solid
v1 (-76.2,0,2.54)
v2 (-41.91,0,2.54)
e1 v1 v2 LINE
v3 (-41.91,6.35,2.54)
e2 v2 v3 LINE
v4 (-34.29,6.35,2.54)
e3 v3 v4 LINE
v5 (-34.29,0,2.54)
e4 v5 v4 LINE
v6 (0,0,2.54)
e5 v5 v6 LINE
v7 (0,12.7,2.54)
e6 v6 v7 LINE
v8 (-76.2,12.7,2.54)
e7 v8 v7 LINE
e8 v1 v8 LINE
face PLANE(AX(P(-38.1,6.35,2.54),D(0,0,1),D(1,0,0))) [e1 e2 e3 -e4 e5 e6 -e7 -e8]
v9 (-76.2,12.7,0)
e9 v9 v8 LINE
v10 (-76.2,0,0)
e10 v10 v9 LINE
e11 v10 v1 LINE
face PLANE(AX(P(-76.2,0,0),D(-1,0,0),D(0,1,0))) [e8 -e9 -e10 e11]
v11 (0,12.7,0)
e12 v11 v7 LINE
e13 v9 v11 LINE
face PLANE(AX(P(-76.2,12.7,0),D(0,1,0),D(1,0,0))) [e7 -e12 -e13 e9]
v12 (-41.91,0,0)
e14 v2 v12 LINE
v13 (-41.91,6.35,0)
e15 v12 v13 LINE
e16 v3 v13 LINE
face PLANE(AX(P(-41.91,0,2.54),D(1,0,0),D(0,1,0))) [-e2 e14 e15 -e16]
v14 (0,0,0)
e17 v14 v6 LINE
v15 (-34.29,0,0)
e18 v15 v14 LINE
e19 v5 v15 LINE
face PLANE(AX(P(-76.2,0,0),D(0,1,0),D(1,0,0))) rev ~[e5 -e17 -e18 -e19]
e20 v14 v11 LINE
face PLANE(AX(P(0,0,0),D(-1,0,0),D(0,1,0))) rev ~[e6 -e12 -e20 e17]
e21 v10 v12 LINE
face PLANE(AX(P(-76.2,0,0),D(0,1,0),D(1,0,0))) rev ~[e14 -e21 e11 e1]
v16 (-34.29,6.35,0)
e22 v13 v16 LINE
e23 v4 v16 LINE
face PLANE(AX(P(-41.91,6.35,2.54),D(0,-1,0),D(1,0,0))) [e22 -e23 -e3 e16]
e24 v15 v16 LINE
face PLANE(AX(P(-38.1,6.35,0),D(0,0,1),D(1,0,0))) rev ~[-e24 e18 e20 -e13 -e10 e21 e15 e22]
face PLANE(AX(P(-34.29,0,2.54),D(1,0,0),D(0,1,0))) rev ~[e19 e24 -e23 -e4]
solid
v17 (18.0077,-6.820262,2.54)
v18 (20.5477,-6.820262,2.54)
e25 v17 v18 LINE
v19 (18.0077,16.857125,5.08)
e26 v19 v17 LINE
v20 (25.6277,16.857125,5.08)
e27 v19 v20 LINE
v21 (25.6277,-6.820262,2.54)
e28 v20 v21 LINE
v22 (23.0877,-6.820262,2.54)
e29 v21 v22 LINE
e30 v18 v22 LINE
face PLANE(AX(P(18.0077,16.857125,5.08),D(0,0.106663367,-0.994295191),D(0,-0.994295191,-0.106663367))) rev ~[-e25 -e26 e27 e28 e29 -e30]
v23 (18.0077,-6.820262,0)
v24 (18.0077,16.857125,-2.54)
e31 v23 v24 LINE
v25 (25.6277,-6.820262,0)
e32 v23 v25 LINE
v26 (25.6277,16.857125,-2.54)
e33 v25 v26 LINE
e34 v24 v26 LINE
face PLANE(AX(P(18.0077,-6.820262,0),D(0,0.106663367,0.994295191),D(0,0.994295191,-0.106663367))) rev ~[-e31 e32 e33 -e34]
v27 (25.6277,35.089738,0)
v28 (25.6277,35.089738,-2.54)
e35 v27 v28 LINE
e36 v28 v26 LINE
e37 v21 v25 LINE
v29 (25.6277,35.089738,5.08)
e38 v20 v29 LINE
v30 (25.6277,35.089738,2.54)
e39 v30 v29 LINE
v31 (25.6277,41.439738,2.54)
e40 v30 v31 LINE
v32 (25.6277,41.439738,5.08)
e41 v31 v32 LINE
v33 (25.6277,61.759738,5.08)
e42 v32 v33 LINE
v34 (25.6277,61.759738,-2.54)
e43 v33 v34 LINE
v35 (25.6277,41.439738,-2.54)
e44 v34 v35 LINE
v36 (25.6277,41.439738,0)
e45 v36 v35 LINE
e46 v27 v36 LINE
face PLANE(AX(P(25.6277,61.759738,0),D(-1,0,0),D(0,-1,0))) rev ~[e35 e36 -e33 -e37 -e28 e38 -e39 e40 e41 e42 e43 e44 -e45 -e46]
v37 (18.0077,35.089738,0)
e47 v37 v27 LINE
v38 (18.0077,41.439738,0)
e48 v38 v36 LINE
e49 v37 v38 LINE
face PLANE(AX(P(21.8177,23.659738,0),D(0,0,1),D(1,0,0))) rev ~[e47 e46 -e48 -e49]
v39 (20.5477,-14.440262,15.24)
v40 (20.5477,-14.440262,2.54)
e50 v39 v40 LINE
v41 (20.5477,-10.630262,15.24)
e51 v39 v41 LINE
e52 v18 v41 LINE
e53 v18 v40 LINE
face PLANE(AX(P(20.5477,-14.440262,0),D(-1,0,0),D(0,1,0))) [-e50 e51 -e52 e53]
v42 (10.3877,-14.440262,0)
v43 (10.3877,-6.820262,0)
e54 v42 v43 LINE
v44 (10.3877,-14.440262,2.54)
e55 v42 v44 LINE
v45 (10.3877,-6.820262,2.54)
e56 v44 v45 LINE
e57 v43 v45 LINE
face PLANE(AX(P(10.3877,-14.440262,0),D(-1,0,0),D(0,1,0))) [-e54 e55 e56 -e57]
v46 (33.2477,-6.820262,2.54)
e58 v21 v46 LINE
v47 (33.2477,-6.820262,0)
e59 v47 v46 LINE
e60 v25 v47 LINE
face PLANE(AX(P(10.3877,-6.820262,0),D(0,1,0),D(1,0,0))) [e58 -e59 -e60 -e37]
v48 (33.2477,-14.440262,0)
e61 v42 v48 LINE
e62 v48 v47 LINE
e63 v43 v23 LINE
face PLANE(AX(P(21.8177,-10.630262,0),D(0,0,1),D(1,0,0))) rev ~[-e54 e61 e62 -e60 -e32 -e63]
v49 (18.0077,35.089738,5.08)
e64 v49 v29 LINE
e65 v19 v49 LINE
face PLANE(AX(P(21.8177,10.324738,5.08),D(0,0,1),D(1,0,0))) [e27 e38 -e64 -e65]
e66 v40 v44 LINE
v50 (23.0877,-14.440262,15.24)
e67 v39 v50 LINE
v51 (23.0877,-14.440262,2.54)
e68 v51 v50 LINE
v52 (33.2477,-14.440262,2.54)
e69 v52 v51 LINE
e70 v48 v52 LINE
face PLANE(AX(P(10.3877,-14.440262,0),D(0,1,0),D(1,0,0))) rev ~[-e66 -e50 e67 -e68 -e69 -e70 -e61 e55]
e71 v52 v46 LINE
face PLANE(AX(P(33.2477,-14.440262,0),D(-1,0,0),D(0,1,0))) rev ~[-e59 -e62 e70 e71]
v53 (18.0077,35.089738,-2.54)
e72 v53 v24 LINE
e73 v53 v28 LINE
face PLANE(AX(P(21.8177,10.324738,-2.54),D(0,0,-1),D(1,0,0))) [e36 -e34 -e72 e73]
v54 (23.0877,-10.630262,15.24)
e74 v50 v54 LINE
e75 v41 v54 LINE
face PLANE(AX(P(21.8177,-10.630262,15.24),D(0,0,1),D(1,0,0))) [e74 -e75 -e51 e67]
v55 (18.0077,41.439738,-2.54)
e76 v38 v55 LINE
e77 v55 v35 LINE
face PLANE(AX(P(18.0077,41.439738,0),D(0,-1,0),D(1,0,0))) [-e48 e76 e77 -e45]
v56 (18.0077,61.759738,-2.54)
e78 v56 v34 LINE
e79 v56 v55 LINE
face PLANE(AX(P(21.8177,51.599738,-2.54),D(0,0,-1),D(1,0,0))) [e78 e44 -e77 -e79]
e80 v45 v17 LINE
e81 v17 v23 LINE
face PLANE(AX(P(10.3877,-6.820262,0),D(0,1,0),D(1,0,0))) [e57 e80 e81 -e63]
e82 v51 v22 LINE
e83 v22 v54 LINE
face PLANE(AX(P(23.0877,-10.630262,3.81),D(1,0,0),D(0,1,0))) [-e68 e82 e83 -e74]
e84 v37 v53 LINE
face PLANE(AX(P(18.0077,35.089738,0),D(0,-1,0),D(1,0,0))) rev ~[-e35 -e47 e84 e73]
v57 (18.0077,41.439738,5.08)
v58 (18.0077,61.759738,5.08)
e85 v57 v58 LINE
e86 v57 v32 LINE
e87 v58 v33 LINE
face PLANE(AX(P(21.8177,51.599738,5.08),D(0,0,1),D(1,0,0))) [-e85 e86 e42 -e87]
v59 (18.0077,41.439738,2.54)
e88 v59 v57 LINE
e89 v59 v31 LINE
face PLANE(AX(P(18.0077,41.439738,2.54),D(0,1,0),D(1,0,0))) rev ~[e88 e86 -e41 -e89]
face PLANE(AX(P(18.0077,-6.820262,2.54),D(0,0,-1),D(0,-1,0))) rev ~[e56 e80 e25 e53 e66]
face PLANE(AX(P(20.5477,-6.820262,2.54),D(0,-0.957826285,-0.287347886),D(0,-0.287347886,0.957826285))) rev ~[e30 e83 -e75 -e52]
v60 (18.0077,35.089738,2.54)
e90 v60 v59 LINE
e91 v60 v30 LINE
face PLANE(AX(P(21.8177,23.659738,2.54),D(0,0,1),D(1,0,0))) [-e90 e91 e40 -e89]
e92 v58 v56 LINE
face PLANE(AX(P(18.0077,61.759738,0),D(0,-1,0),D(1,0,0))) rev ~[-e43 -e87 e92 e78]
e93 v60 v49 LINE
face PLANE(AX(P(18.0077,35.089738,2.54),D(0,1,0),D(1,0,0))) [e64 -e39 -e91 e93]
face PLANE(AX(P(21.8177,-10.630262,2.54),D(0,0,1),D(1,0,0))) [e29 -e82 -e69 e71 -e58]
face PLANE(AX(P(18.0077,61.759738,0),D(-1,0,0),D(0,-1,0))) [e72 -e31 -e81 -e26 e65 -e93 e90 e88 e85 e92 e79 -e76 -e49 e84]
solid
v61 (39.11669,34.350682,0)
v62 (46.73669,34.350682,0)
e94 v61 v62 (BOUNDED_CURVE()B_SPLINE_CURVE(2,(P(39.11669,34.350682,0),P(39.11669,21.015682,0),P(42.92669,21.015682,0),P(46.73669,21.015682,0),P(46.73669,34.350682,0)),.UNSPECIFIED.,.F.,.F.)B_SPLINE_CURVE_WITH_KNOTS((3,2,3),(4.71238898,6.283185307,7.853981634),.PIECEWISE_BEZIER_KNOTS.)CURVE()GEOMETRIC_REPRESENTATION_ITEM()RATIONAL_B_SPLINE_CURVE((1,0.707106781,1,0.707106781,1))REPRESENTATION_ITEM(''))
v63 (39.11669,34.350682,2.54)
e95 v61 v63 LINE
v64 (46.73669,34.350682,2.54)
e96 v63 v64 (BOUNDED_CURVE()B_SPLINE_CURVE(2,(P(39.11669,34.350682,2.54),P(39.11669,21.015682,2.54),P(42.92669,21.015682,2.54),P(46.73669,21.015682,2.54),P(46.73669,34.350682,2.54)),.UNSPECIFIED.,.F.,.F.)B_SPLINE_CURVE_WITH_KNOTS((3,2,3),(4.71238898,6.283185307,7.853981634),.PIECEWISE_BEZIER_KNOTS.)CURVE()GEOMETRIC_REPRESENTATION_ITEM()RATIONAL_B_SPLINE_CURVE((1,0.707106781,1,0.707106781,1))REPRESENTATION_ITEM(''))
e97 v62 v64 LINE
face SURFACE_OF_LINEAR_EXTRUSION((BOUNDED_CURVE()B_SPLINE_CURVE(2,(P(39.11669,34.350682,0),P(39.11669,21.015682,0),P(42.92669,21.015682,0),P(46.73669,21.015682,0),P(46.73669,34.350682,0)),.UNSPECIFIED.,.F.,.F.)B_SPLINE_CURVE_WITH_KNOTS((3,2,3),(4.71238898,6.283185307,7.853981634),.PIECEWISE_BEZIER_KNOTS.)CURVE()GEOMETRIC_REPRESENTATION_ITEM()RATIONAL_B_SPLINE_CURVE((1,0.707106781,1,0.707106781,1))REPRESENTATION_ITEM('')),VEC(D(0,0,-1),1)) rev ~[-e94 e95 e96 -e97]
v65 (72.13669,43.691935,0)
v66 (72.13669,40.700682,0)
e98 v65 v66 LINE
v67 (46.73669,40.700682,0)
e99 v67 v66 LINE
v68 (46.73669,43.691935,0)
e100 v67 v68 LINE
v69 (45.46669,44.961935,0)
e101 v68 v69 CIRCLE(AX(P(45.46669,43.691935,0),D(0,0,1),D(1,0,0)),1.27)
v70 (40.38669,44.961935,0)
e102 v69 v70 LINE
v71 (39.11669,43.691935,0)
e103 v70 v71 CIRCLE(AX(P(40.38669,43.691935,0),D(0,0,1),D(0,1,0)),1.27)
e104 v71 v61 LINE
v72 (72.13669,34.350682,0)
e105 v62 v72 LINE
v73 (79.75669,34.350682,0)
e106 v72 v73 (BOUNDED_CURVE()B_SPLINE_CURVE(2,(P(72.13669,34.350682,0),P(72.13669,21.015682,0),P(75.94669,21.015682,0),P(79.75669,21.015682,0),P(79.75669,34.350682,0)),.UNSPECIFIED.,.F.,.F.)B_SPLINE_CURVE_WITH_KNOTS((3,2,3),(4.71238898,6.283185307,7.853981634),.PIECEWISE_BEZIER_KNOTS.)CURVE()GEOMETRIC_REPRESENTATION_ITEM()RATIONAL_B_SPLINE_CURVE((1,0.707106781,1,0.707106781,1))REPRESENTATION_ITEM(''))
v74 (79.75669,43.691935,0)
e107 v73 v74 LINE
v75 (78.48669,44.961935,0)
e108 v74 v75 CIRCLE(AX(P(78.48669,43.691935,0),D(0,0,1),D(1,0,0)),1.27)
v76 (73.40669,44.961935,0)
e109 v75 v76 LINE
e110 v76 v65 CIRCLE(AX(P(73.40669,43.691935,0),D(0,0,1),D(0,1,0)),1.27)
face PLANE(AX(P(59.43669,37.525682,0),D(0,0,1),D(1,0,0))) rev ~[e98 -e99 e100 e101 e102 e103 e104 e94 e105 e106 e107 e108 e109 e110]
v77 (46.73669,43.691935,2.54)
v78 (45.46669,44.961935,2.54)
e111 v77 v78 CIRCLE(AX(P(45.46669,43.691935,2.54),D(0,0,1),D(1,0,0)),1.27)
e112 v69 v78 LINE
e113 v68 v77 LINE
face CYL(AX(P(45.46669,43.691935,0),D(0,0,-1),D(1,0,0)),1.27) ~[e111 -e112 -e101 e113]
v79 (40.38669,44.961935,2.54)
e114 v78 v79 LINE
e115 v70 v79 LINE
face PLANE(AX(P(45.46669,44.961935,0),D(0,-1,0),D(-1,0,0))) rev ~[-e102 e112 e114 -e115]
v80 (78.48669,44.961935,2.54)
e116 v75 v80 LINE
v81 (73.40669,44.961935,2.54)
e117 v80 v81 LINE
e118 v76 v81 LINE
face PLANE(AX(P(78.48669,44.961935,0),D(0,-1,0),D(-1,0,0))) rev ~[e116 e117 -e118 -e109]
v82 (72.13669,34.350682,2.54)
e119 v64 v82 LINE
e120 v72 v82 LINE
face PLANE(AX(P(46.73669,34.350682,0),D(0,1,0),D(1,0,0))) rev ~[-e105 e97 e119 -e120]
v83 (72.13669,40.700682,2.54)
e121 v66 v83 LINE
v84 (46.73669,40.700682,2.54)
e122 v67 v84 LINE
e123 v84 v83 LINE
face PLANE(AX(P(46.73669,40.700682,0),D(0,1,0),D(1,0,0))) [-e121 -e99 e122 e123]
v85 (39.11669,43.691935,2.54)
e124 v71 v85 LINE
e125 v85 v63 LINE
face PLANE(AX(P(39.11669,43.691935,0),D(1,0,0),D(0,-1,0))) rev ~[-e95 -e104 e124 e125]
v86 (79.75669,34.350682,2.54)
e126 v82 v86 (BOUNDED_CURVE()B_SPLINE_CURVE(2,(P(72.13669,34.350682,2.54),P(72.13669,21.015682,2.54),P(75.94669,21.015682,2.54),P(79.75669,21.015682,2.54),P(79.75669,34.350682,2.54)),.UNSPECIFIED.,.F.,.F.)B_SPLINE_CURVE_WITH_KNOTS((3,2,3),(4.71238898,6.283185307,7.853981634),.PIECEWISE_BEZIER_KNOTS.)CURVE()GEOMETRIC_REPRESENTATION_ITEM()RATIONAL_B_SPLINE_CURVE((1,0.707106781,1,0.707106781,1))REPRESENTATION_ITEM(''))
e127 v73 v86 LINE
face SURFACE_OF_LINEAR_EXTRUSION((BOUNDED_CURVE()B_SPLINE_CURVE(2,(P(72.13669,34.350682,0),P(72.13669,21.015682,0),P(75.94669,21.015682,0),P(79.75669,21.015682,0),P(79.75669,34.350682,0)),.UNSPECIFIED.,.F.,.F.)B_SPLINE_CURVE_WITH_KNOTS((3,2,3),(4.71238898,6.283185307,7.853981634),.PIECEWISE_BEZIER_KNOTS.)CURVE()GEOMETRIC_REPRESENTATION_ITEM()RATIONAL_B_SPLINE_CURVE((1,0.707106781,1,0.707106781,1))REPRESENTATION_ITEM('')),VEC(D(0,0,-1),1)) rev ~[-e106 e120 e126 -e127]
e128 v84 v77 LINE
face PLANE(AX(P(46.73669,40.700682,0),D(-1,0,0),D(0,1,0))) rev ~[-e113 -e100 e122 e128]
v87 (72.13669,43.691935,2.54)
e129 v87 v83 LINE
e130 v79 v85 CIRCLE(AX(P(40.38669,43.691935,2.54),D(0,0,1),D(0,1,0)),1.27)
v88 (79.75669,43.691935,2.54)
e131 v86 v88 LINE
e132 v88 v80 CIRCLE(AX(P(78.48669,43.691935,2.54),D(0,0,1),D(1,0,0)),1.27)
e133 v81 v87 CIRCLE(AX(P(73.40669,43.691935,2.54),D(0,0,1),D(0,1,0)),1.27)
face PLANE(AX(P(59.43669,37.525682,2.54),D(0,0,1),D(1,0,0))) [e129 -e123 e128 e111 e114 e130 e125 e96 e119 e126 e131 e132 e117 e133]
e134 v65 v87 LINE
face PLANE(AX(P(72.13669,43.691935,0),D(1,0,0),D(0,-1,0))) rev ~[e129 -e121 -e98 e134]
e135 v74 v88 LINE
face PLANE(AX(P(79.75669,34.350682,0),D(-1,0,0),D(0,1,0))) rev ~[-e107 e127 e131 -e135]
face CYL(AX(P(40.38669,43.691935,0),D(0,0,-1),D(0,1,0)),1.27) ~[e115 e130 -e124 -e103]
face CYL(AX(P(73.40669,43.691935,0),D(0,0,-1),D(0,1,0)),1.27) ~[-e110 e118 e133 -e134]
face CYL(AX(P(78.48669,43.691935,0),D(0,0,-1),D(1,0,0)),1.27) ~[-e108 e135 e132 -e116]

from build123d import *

# Parameters (mm, degrees)
F0_W      = 76.2
F0_H      = 12.7
F1_DEPTH  = 2.54
F2_W      = 7.62
F2_H      = 6.35
F3_DEPTH  = 2.54
F4_W      = 7.62
F4_H      = 76.2
F5_DEPTH  = 2.54
F6_W      = 7.62
F6_H      = 20.32
F6_H_2    = 49.53
F7_DEPTH  = 2.54
F8_W      = 7.62
F8_H      = 20.32
F8_H_2    = 49.53
F9_DEPTH  = 2.54
F10_W     = 25.4
F10_H     = 6.35
F11_DEPTH = 2.54
F12_W     = 22.86
F12_H     = 7.62
F13_DEPTH = 2.54
F14_W     = 2.54
F14_H     = 7.62
F15_DEPTH = 15.24
F17_DEPTH = 7.62
F18_W     = 7.62
F18_H     = 2.54
F19_DEPTH = 2.54
F20_W     = 7.62
F20_H     = 2.54
F21_DEPTH = 2.54
F23_DEPTH = 7.62
F25_DEPTH = 2.54


with BuildPart() as f1:
    # F0 (on Top) → F1 (new body)
    with BuildSketch(Plane.XY):
        with Locations((-38.1, 6.35)):
            Rectangle(F0_W, F0_H)
    extrude(amount=F1_DEPTH)

    # F2 (on face) → F3 (cut, through all)
    with BuildSketch(Plane.XY.offset(2.54)):
        with Locations((-38.1, 3.175)):
            Rectangle(F2_W, F2_H)
    extrude(amount=-F3_DEPTH, mode=Mode.SUBTRACT)


with BuildPart() as f5:
    # F4 (on Top) → F5 (new body)
    with BuildSketch(Plane.XY):
        with Locations((21.8177004717, 23.6597382314)):
            Rectangle(F4_W, F4_H)
    extrude(amount=F5_DEPTH)

    # F6 (on face) → F7 (join)
    with BuildSketch(Plane.XY.offset(2.54)):
        with Locations((21.8177004717, 51.5997382314)):
            Rectangle(F6_W, F6_H)
        with Locations((21.8177004717, 10.3247382314)):
            Rectangle(F6_W, F6_H_2)
    extrude(amount=F7_DEPTH)

    # F8 (on face) → F9 (join)
    with BuildSketch(Plane(origin=(0, 0, 0), x_dir=(1, 0, 0), z_dir=(0, 0, -1))):
        with Locations((21.8177004717, -51.5997382314)):
            Rectangle(F8_W, F8_H)
        with Locations((21.8177004717, -10.3247382314)):
            Rectangle(F8_W, F8_H_2)
    extrude(amount=F9_DEPTH)

    # F12 (on Top) → F13 (join)
    with BuildSketch(Plane.XY):
        with Locations((21.8177004717, -10.6302617686)):
            Rectangle(F12_W, F12_H)
    extrude(amount=F13_DEPTH)

    # F14 (on Top) → F15 (join)
    with BuildSketch(Plane.XY):
        with Locations((21.8177004717, -10.6302617686)):
            Rectangle(F14_W, F14_H)
    extrude(amount=F15_DEPTH)

    # F16 (on face) → F17 (cut, through all)
    with BuildSketch(Plane(origin=(18.0077004717, 0, 0), x_dir=(0, -1, 0), z_dir=(-1, 0, 0))):
        Polygon((-16.8571248651, -2.54), (14.4402617686, -2.54), (14.4402617686, 0), (6.8202617686, 0), align=None)
    extrude(amount=-F17_DEPTH, mode=Mode.SUBTRACT)

    # F18 (on face) → F19 (cut)
    with BuildSketch(Plane(origin=(18.0077004717, 0, 0), x_dir=(0, -1, 0), z_dir=(-1, 0, 0))):
        with Locations((10.6302617686, 3.81)):
            Rectangle(F18_W, F18_H)
    extrude(amount=-F19_DEPTH, mode=Mode.SUBTRACT)

    # F20 (on face) → F21 (cut)
    with BuildSketch(Plane.YZ.offset(25.6277004717)):
        with Locations((-10.6302617686, 3.81)):
            Rectangle(F20_W, F20_H)
    extrude(amount=-F21_DEPTH, mode=Mode.SUBTRACT)

    # F22 (on face) → F23 (cut, through all)
    with BuildSketch(Plane(origin=(18.0077004717, 0, 0), x_dir=(0, -1, 0), z_dir=(-1, 0, 0))):
        Polygon((-16.8571248651, 5.08), (6.8202617686, 2.54), (6.8202617686, 5.08), align=None)
    extrude(amount=-F23_DEPTH, mode=Mode.SUBTRACT)

    # F24 (on face) → F25 (cut, through all)
    with BuildSketch(Plane(origin=(20.5477004717, 0, 0), x_dir=(0, -1, 0), z_dir=(-1, 0, 0))):
        Polygon((6.8202617686, 15.24), (6.8202617686, 2.54), (10.6302617686, 15.24), align=None)
    extrude(amount=-F25_DEPTH, mode=Mode.SUBTRACT)


with BuildPart() as f11:
    # F10 (on Top) → F11 (new body)
    with BuildSketch(Plane.XY):
        with Locations((59.4366904274, 37.5256821616)):
            Rectangle(F10_W, F10_H)
        with BuildLine():
            Line((46.7366904274, 34.3506821616), (46.7366904274, 40.7006821616))
            Line((46.7366904274, 40.7006821616), (46.7366904274, 43.6919351065))
            ThreePointArc((46.7366904274, 43.6919351065), (46.3647160395, 44.5899607186), (45.4666904274, 44.9619351065))
            Line((45.4666904274, 44.9619351065), (40.3866904274, 44.9619351065))
            ThreePointArc((40.3866904274, 44.9619351065), (39.4886648153, 44.5899607186), (39.1166904274, 43.6919351065))
            Line((39.1166904274, 43.6919351065), (39.1166904274, 34.3506821616))
            add(Edge.make_bspline(
                [(39.1166904274, 34.3506821616), (39.1166904274, 21.0156821616), (42.9266904274, 21.0156821616), (46.7366904274, 21.0156821616), (46.7366904274, 34.3506821616)],
                knots=[4.7123889804, 4.7123889804, 4.7123889804, 6.2831853072, 6.2831853072, 7.853981634, 7.853981634, 7.853981634], degree=2, weights=[1, 0.7071067812, 1, 0.7071067812, 1]))
        make_face()
        with BuildLine():
            Line((72.1366904274, 43.6919351065), (72.1366904274, 40.7006821616))
            Line((72.1366904274, 40.7006821616), (72.1366904274, 34.3506821616))
            add(Edge.make_bspline(
                [(72.1366904274, 34.3506821616), (72.1366904274, 21.0156821616), (75.9466904274, 21.0156821616), (79.7566904274, 21.0156821616), (79.7566904274, 34.3506821616)],
                knots=[4.7123889804, 4.7123889804, 4.7123889804, 6.2831853072, 6.2831853072, 7.853981634, 7.853981634, 7.853981634], degree=2, weights=[1, 0.7071067812, 1, 0.7071067812, 1]))
            Line((79.7566904274, 34.3506821616), (79.7566904274, 43.6919351065))
            ThreePointArc((79.7566904274, 43.6919351065), (79.3847160395, 44.5899607186), (78.4866904274, 44.9619351065))
            Line((78.4866904274, 44.9619351065), (73.4066904274, 44.9619351065))
            ThreePointArc((73.4066904274, 44.9619351065), (72.5086648153, 44.5899607186), (72.1366904274, 43.6919351065))
        make_face()
    extrude(amount=F11_DEPTH)


solid = Compound([f1.part, f5.part, f11.part])
